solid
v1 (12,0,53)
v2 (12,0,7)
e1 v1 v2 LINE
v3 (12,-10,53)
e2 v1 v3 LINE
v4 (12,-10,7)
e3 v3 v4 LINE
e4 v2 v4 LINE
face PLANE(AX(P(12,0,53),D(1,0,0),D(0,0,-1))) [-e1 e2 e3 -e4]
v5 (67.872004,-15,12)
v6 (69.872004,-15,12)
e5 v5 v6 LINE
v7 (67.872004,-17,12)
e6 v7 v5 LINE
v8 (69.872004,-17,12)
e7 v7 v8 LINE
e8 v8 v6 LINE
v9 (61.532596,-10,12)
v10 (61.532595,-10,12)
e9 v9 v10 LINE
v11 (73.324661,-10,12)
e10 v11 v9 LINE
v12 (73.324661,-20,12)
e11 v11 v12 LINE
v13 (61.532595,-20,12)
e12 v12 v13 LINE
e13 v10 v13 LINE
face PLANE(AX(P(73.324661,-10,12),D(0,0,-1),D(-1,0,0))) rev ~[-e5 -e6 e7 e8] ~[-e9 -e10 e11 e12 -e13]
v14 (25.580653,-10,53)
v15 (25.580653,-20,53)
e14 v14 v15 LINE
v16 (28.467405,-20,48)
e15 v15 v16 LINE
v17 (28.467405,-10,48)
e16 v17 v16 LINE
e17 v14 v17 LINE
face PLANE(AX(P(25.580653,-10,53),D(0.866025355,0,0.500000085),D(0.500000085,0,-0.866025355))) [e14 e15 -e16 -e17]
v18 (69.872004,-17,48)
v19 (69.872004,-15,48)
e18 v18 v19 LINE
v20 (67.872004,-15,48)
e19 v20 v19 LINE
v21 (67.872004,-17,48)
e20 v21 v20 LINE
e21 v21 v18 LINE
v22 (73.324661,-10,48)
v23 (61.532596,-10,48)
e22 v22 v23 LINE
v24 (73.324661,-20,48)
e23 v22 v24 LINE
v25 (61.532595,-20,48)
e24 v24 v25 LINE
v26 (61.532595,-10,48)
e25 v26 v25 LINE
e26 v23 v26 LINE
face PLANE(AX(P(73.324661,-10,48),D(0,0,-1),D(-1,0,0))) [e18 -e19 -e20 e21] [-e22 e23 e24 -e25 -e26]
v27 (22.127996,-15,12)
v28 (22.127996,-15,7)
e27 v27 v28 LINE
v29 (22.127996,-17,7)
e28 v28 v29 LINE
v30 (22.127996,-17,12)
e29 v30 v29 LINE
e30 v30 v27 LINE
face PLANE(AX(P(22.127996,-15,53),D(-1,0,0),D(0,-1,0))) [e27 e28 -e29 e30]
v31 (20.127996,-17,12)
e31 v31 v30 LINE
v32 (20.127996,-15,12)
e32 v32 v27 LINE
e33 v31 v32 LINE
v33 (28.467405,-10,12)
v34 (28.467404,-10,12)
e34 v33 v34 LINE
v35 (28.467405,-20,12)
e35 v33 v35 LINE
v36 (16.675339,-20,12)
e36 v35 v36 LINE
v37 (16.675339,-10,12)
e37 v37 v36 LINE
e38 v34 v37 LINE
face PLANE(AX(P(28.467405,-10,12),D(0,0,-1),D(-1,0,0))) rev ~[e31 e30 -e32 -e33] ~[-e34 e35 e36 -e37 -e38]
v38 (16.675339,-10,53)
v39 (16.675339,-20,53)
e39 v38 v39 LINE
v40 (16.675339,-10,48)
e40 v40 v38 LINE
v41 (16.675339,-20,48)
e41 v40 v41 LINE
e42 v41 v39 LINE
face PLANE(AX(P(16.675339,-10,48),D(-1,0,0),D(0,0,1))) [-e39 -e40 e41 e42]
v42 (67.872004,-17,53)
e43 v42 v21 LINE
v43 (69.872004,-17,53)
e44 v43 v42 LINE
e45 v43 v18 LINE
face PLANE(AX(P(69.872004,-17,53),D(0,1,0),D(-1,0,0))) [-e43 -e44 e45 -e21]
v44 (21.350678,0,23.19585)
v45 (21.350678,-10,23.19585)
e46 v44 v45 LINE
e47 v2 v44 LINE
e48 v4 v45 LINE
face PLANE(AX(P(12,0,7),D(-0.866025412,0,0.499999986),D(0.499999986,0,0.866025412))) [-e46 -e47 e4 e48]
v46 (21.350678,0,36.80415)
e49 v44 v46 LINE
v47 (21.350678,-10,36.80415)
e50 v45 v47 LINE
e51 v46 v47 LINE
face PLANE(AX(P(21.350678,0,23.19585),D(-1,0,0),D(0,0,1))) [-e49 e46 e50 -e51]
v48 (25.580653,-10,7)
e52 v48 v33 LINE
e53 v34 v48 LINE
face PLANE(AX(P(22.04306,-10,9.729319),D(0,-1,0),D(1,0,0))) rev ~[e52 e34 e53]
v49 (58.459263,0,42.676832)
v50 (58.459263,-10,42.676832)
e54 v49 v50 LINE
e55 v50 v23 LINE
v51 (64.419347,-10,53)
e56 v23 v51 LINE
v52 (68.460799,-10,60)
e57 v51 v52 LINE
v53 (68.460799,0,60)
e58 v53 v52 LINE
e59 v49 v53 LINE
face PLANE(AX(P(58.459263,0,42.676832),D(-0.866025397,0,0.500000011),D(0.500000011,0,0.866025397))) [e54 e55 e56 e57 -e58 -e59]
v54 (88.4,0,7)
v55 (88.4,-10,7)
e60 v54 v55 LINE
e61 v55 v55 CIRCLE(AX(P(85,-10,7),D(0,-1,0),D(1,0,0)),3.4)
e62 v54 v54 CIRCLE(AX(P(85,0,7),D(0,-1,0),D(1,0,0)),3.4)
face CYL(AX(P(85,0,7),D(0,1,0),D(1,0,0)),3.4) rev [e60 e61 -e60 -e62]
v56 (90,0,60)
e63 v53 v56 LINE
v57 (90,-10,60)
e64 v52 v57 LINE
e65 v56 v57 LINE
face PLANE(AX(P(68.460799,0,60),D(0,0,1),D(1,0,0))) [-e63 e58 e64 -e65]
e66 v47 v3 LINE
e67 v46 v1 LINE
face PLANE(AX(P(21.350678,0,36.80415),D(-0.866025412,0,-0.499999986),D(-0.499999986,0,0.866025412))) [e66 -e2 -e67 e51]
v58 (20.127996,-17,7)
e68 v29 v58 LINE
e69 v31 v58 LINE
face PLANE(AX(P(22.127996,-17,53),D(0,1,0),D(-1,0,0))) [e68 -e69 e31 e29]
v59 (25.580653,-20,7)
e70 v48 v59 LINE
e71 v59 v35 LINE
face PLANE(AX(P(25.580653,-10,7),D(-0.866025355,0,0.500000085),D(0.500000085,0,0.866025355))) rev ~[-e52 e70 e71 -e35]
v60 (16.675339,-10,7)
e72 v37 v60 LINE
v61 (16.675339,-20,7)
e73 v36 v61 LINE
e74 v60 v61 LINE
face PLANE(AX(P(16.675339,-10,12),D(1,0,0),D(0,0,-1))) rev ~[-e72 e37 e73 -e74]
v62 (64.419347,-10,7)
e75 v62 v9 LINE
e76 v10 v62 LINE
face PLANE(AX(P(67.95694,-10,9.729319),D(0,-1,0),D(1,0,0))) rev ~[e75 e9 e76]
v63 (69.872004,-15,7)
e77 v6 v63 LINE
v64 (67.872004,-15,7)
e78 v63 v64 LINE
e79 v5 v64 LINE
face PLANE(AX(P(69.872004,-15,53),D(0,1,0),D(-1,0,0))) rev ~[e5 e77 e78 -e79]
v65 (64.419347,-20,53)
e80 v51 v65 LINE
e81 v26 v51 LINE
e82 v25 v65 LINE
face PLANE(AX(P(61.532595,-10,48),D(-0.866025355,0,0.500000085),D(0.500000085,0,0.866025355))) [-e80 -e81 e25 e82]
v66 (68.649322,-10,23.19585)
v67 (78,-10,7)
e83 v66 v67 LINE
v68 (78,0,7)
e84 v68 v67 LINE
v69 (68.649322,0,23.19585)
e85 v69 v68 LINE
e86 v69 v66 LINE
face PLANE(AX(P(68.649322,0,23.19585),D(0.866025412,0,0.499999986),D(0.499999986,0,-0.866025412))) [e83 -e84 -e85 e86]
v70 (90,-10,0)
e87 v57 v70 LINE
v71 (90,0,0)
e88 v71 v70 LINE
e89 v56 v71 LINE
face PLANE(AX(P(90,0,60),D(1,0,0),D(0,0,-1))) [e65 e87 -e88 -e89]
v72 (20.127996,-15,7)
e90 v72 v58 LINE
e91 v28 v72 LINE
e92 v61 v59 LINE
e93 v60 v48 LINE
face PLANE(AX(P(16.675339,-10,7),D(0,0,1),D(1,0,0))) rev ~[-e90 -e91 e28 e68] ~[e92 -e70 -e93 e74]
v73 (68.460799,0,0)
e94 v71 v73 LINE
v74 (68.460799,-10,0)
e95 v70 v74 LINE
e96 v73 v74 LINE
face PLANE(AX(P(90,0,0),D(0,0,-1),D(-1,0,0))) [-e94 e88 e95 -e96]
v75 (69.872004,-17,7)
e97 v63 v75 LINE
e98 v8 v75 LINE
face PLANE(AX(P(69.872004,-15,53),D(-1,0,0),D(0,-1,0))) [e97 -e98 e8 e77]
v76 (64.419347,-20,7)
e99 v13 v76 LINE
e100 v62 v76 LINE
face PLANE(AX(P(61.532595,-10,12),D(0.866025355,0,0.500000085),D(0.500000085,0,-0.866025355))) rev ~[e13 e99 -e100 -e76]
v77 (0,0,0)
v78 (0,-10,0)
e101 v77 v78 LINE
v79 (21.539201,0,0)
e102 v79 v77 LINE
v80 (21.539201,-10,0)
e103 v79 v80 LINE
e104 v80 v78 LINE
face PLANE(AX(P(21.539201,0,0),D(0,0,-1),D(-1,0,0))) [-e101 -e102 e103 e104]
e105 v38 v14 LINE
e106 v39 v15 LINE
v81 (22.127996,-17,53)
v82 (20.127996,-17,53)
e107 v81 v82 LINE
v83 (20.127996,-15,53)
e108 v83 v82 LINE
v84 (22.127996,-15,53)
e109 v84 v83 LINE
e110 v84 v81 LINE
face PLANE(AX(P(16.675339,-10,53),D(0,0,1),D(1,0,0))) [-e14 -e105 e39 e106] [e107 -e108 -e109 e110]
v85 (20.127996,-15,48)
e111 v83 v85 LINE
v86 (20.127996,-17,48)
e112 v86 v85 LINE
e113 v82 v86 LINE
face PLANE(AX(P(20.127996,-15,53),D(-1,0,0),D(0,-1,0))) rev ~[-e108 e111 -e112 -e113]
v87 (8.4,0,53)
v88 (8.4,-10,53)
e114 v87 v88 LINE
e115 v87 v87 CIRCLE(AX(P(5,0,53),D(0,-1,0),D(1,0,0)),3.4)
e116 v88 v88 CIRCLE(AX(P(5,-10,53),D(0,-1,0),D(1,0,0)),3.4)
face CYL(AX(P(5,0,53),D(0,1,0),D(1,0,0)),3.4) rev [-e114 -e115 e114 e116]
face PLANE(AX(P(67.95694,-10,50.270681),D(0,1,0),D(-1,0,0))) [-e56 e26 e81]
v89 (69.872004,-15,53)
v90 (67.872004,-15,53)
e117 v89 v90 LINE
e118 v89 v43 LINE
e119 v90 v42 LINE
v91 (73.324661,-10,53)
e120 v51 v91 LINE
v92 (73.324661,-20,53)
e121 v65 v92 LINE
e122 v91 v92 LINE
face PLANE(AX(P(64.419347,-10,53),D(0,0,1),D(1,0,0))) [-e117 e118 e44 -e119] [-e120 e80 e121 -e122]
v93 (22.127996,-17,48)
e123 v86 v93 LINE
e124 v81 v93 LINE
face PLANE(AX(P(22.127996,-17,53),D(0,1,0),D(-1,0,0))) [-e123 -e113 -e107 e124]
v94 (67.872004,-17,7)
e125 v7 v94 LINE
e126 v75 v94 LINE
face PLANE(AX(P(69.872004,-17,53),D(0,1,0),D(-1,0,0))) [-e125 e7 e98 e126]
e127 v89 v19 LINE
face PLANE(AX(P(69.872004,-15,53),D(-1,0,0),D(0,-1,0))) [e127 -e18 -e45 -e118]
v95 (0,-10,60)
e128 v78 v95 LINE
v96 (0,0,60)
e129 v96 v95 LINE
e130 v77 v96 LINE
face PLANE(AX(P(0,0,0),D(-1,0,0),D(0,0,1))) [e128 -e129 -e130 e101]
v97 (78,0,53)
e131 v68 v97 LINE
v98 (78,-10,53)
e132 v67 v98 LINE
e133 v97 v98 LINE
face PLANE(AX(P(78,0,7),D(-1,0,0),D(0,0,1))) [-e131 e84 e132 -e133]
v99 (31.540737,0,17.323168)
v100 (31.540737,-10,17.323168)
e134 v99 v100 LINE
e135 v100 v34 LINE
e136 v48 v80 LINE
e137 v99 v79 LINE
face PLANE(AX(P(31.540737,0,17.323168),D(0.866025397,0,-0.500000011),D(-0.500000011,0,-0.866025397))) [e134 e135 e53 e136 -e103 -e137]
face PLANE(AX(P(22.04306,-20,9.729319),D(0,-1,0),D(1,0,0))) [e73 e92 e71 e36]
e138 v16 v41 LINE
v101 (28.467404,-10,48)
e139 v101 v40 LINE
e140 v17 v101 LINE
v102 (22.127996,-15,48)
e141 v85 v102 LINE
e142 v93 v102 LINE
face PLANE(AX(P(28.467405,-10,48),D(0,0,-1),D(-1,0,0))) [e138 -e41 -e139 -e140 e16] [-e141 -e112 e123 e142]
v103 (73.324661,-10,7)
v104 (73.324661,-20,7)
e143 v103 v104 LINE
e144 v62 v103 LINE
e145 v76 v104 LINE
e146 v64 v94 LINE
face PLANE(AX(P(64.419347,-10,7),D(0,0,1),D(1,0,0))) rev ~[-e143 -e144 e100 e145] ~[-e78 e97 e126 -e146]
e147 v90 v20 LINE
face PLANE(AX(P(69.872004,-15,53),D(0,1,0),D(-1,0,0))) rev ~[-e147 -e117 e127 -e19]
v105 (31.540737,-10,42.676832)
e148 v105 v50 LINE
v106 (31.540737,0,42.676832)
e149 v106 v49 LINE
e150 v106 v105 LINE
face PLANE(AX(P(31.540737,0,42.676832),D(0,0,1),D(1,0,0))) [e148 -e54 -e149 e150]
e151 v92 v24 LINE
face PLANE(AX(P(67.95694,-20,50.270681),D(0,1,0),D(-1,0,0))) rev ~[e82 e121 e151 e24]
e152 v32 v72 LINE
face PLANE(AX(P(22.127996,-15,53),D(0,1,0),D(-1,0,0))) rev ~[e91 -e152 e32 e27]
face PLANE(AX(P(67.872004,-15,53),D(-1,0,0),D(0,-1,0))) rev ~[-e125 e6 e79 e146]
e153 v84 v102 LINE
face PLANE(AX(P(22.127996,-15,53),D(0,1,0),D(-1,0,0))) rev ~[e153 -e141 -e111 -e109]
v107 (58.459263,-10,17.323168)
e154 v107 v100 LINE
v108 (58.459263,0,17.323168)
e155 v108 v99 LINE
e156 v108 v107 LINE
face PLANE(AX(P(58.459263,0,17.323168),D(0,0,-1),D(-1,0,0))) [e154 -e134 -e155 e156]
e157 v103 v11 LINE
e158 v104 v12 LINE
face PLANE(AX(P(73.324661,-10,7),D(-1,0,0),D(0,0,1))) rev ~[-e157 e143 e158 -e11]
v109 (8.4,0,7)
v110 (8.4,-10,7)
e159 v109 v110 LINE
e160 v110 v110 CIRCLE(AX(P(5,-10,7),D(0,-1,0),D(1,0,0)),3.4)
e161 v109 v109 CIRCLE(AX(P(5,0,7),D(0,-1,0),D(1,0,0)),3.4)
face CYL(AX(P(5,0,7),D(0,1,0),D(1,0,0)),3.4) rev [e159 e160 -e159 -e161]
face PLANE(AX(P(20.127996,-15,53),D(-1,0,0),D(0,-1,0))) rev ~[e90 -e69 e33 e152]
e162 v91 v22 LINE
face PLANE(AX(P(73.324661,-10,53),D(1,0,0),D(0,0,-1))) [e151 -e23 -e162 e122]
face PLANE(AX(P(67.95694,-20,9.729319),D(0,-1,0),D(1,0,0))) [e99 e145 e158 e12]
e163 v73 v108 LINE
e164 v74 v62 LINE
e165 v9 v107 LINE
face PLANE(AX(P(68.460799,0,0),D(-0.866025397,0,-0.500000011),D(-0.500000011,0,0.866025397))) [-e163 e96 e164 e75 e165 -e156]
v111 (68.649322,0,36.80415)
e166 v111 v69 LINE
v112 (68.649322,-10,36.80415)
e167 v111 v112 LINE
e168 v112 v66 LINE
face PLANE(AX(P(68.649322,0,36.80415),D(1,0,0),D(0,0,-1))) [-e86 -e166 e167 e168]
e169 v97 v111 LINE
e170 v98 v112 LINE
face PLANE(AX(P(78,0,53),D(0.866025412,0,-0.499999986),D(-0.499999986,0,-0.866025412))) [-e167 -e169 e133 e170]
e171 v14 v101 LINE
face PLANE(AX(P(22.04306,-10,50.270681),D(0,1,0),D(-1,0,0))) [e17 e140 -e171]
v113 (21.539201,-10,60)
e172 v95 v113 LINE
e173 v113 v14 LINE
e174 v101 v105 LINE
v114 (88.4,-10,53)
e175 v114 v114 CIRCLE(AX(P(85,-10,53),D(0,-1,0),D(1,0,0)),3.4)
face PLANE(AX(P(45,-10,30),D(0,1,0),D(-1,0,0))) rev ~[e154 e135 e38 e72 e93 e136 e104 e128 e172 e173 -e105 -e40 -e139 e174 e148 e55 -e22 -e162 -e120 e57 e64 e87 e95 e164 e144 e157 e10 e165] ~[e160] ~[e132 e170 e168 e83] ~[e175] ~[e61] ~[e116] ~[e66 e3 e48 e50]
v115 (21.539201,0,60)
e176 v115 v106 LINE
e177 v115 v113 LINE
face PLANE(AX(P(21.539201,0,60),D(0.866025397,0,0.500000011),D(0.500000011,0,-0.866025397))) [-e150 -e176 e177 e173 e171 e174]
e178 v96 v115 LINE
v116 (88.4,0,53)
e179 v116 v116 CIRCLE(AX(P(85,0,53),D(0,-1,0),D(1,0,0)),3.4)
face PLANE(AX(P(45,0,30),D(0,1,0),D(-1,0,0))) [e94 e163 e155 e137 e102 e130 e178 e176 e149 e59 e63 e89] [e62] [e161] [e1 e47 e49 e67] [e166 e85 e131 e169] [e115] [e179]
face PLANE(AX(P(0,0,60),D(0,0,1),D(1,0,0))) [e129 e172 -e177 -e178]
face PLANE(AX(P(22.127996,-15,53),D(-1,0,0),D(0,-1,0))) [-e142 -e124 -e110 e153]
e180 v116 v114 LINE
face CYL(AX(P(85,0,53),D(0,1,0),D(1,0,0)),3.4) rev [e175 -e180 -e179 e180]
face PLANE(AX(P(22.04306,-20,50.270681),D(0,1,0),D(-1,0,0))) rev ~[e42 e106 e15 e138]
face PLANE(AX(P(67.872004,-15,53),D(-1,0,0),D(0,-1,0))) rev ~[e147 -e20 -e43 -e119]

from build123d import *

# Parameters (mm, degrees)
SKETCH003_R  = 3.4
PAD001_DEPTH = 10
PAD002_DEPTH = 10
SKETCH005_W  = 2
SKETCH005_H  = 2
POCKET_DEPTH = 53.001


with BuildPart() as part:
    # Sketch003 → Pad001 (new body)
    with BuildSketch(Plane.XZ):
        Polygon((0, 60), (21.539201, 60), (31.540737, 42.676832), (58.459263, 42.676832), (68.460799, 60), (90, 60), (90, 0), (68.460799, 0), (58.459263, 17.323168), (31.540737, 17.323168), (21.539201, 0), (0, 0), align=None)
        with Locations((5, 53)):
            Circle(SKETCH003_R, mode=Mode.SUBTRACT)
        with Locations((5, 7)):
            Circle(SKETCH003_R, mode=Mode.SUBTRACT)
        with Locations((85, 7)):
            Circle(SKETCH003_R, mode=Mode.SUBTRACT)
        with Locations((85, 53)):
            Circle(SKETCH003_R, mode=Mode.SUBTRACT)
        Polygon((78, 53), (68.649322, 36.80415), (68.649322, 23.19585), (78, 7), align=None, mode=Mode.SUBTRACT)
        Polygon((12, 53), (12, 7), (21.350678, 23.19585), (21.350678, 36.80415), align=None, mode=Mode.SUBTRACT)
    extrude(amount=PAD001_DEPTH)

    # Sketch004 (on Face26 of Pad001) → Pad002 (join)
    with BuildSketch(Plane.XZ.offset(10)):
        Polygon((16.675339, 53), (25.580653, 53), (28.467405, 48), (16.675339, 48), align=None)
        Polygon((64.419347, 53), (73.324661, 53), (73.324661, 48), (61.532595, 48), align=None)
        Polygon((16.675339, 12), (16.675339, 7), (25.580653, 7), (28.467405, 12), align=None)
        Polygon((73.324661, 12), (61.532595, 12), (64.419347, 7), (73.324661, 7), align=None)
    extrude(amount=PAD002_DEPTH)

    # Sketch005 (on Face39 of Pad002) → Pocket (cut, through all)
    with BuildSketch(Plane(origin=(0, 0, 53), x_dir=(-1, 0, 0), z_dir=(0, 0, 1))):
        with Locations((-21.127996, 16)):
            Rectangle(SKETCH005_W, SKETCH005_H)
        with Locations((-68.872004, 16)):
            Rectangle(SKETCH005_W, SKETCH005_H)
    extrude(amount=-POCKET_DEPTH, mode=Mode.SUBTRACT)


solid = part.part
